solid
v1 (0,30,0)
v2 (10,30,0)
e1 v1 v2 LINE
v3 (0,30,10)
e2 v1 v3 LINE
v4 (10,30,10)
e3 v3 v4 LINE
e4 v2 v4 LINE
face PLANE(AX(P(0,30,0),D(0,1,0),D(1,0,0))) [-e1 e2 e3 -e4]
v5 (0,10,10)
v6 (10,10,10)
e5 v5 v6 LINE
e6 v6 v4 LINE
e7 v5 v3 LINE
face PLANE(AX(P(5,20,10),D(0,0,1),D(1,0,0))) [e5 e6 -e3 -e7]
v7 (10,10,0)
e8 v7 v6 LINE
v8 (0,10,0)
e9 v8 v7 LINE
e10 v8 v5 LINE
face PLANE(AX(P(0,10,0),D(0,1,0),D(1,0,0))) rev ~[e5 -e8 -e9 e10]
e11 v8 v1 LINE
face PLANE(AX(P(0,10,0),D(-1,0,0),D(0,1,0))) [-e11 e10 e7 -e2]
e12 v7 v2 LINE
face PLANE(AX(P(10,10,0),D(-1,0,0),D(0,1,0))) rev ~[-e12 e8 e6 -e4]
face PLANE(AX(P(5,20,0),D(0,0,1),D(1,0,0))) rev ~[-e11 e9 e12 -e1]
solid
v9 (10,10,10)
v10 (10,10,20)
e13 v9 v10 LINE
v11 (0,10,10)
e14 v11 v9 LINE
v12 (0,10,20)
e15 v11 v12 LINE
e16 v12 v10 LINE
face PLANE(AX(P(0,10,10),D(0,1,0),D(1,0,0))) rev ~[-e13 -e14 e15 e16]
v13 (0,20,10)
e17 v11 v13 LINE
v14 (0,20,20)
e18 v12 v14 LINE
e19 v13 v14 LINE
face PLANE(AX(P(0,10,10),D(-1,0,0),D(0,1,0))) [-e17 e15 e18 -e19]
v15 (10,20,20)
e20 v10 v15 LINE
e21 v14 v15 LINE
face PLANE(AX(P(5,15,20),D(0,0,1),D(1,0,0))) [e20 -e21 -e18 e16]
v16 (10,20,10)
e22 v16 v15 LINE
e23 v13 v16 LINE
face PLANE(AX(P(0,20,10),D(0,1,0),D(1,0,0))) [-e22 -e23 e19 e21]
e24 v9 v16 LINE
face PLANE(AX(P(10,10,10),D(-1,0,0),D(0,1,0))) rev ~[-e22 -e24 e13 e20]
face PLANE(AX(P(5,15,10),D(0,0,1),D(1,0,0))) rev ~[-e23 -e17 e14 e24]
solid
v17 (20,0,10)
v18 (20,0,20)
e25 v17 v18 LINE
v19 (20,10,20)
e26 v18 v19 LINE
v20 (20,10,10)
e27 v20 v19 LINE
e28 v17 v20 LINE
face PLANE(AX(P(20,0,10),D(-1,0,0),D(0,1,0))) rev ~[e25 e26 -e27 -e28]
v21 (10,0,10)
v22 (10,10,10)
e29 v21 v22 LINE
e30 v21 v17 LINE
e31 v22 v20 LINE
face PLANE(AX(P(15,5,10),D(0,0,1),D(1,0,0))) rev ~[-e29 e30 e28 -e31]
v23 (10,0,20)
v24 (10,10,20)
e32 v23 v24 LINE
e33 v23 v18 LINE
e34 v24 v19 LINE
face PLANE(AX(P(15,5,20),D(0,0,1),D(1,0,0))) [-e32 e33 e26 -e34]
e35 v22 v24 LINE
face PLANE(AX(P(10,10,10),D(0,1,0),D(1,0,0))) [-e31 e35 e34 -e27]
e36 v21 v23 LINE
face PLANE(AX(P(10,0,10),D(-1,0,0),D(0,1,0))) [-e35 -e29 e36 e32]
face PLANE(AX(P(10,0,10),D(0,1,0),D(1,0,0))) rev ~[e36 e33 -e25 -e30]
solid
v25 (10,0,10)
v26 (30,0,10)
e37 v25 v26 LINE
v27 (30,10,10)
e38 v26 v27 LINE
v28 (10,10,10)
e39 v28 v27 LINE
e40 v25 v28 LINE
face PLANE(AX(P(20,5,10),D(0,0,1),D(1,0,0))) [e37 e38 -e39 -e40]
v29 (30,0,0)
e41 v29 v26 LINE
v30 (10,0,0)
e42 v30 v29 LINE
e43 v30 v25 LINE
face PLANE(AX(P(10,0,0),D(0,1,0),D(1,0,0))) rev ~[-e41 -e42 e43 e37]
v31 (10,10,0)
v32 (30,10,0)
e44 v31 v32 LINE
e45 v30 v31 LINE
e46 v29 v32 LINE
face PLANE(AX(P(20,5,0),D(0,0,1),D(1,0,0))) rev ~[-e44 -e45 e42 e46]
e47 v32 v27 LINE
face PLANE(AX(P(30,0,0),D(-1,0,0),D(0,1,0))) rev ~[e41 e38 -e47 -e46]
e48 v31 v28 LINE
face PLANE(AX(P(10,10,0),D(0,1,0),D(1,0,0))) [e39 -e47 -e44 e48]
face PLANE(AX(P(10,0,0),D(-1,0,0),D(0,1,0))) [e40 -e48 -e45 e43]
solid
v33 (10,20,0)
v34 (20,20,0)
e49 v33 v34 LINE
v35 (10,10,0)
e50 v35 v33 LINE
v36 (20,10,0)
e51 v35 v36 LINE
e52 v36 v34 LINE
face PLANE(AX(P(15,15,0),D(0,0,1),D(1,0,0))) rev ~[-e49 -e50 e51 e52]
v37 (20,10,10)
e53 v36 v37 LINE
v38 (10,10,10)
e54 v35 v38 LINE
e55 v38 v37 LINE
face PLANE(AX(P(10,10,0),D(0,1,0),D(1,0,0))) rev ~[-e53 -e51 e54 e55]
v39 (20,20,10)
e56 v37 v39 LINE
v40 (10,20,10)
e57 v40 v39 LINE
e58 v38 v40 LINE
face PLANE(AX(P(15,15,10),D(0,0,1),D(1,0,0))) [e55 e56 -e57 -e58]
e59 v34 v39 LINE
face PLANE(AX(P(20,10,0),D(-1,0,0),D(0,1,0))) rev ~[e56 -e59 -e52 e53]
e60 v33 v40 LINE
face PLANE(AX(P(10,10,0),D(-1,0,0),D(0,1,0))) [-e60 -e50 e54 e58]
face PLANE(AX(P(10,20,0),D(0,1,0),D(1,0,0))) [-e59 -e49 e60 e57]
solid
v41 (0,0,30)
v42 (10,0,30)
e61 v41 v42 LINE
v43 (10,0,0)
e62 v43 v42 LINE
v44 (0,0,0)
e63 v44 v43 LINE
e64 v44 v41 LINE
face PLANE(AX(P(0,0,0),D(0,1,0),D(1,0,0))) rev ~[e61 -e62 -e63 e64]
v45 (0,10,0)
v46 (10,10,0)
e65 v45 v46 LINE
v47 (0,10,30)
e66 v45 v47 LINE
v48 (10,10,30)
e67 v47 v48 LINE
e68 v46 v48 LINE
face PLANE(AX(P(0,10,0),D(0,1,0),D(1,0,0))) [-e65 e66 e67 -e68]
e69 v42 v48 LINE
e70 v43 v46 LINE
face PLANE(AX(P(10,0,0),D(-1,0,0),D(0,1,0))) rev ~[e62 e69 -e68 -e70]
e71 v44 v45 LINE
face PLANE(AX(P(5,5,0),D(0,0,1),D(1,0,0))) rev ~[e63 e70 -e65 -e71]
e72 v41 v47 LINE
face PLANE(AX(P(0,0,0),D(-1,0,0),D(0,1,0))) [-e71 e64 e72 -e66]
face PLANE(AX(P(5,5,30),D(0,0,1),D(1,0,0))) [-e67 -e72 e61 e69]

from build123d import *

# Parameters (mm, degrees)
BOX_W        = 10
BOX_H        = 10
BOX_DEPTH    = 30
BOX001_W     = 20
BOX001_H     = 10
BOX001_DEPTH = 10
BOX002_W     = 10
BOX002_H     = 10
BOX002_DEPTH = 10
BOX003_W     = 10
BOX003_H     = 10
BOX003_DEPTH = 10
BOX004_W     = 10
BOX004_H     = 20
BOX004_DEPTH = 10
BOX005_W     = 10
BOX005_H     = 10
BOX005_DEPTH = 10


with BuildPart() as cub:
    # Box → Box (new body)
    with BuildSketch(Plane.XY):
        with Locations((5, 5)):
            Rectangle(BOX_W, BOX_H)
    extrude(amount=BOX_DEPTH)


with BuildPart() as cub001:
    # Box001 → Box001 (new body)
    with BuildSketch(Plane(origin=(10, 0, 0), x_dir=(1, 0, 0), z_dir=(0, 0, 1))):
        with Locations((10, 5)):
            Rectangle(BOX001_W, BOX001_H)
    extrude(amount=BOX001_DEPTH)


with BuildPart() as cub002:
    # Box002 → Box002 (new body)
    with BuildSketch(Plane(origin=(10, 0, 10), x_dir=(1, 0, 0), z_dir=(0, 0, 1))):
        with Locations((5, 5)):
            Rectangle(BOX002_W, BOX002_H)
    extrude(amount=BOX002_DEPTH)


with BuildPart() as cub003:
    # Box003 → Box003 (new body)
    with BuildSketch(Plane(origin=(0, 10, 10), x_dir=(1, 0, 0), z_dir=(0, 0, 1))):
        with Locations((5, 5)):
            Rectangle(BOX003_W, BOX003_H)
    extrude(amount=BOX003_DEPTH)


with BuildPart() as cub004:
    # Box004 → Box004 (new body)
    with BuildSketch(Plane(origin=(0, 10, 0), x_dir=(1, 0, 0), z_dir=(0, 0, 1))):
        with Locations((5, 10)):
            Rectangle(BOX004_W, BOX004_H)
    extrude(amount=BOX004_DEPTH)


with BuildPart() as cub005:
    # Box005 → Box005 (new body)
    with BuildSketch(Plane(origin=(10, 10, 0), x_dir=(1, 0, 0), z_dir=(0, 0, 1))):
        with Locations((5, 5)):
            Rectangle(BOX005_W, BOX005_H)
    extrude(amount=BOX005_DEPTH)


solid = Compound([cub.part, cub001.part, cub002.part, cub003.part, cub004.part, cub005.part])
